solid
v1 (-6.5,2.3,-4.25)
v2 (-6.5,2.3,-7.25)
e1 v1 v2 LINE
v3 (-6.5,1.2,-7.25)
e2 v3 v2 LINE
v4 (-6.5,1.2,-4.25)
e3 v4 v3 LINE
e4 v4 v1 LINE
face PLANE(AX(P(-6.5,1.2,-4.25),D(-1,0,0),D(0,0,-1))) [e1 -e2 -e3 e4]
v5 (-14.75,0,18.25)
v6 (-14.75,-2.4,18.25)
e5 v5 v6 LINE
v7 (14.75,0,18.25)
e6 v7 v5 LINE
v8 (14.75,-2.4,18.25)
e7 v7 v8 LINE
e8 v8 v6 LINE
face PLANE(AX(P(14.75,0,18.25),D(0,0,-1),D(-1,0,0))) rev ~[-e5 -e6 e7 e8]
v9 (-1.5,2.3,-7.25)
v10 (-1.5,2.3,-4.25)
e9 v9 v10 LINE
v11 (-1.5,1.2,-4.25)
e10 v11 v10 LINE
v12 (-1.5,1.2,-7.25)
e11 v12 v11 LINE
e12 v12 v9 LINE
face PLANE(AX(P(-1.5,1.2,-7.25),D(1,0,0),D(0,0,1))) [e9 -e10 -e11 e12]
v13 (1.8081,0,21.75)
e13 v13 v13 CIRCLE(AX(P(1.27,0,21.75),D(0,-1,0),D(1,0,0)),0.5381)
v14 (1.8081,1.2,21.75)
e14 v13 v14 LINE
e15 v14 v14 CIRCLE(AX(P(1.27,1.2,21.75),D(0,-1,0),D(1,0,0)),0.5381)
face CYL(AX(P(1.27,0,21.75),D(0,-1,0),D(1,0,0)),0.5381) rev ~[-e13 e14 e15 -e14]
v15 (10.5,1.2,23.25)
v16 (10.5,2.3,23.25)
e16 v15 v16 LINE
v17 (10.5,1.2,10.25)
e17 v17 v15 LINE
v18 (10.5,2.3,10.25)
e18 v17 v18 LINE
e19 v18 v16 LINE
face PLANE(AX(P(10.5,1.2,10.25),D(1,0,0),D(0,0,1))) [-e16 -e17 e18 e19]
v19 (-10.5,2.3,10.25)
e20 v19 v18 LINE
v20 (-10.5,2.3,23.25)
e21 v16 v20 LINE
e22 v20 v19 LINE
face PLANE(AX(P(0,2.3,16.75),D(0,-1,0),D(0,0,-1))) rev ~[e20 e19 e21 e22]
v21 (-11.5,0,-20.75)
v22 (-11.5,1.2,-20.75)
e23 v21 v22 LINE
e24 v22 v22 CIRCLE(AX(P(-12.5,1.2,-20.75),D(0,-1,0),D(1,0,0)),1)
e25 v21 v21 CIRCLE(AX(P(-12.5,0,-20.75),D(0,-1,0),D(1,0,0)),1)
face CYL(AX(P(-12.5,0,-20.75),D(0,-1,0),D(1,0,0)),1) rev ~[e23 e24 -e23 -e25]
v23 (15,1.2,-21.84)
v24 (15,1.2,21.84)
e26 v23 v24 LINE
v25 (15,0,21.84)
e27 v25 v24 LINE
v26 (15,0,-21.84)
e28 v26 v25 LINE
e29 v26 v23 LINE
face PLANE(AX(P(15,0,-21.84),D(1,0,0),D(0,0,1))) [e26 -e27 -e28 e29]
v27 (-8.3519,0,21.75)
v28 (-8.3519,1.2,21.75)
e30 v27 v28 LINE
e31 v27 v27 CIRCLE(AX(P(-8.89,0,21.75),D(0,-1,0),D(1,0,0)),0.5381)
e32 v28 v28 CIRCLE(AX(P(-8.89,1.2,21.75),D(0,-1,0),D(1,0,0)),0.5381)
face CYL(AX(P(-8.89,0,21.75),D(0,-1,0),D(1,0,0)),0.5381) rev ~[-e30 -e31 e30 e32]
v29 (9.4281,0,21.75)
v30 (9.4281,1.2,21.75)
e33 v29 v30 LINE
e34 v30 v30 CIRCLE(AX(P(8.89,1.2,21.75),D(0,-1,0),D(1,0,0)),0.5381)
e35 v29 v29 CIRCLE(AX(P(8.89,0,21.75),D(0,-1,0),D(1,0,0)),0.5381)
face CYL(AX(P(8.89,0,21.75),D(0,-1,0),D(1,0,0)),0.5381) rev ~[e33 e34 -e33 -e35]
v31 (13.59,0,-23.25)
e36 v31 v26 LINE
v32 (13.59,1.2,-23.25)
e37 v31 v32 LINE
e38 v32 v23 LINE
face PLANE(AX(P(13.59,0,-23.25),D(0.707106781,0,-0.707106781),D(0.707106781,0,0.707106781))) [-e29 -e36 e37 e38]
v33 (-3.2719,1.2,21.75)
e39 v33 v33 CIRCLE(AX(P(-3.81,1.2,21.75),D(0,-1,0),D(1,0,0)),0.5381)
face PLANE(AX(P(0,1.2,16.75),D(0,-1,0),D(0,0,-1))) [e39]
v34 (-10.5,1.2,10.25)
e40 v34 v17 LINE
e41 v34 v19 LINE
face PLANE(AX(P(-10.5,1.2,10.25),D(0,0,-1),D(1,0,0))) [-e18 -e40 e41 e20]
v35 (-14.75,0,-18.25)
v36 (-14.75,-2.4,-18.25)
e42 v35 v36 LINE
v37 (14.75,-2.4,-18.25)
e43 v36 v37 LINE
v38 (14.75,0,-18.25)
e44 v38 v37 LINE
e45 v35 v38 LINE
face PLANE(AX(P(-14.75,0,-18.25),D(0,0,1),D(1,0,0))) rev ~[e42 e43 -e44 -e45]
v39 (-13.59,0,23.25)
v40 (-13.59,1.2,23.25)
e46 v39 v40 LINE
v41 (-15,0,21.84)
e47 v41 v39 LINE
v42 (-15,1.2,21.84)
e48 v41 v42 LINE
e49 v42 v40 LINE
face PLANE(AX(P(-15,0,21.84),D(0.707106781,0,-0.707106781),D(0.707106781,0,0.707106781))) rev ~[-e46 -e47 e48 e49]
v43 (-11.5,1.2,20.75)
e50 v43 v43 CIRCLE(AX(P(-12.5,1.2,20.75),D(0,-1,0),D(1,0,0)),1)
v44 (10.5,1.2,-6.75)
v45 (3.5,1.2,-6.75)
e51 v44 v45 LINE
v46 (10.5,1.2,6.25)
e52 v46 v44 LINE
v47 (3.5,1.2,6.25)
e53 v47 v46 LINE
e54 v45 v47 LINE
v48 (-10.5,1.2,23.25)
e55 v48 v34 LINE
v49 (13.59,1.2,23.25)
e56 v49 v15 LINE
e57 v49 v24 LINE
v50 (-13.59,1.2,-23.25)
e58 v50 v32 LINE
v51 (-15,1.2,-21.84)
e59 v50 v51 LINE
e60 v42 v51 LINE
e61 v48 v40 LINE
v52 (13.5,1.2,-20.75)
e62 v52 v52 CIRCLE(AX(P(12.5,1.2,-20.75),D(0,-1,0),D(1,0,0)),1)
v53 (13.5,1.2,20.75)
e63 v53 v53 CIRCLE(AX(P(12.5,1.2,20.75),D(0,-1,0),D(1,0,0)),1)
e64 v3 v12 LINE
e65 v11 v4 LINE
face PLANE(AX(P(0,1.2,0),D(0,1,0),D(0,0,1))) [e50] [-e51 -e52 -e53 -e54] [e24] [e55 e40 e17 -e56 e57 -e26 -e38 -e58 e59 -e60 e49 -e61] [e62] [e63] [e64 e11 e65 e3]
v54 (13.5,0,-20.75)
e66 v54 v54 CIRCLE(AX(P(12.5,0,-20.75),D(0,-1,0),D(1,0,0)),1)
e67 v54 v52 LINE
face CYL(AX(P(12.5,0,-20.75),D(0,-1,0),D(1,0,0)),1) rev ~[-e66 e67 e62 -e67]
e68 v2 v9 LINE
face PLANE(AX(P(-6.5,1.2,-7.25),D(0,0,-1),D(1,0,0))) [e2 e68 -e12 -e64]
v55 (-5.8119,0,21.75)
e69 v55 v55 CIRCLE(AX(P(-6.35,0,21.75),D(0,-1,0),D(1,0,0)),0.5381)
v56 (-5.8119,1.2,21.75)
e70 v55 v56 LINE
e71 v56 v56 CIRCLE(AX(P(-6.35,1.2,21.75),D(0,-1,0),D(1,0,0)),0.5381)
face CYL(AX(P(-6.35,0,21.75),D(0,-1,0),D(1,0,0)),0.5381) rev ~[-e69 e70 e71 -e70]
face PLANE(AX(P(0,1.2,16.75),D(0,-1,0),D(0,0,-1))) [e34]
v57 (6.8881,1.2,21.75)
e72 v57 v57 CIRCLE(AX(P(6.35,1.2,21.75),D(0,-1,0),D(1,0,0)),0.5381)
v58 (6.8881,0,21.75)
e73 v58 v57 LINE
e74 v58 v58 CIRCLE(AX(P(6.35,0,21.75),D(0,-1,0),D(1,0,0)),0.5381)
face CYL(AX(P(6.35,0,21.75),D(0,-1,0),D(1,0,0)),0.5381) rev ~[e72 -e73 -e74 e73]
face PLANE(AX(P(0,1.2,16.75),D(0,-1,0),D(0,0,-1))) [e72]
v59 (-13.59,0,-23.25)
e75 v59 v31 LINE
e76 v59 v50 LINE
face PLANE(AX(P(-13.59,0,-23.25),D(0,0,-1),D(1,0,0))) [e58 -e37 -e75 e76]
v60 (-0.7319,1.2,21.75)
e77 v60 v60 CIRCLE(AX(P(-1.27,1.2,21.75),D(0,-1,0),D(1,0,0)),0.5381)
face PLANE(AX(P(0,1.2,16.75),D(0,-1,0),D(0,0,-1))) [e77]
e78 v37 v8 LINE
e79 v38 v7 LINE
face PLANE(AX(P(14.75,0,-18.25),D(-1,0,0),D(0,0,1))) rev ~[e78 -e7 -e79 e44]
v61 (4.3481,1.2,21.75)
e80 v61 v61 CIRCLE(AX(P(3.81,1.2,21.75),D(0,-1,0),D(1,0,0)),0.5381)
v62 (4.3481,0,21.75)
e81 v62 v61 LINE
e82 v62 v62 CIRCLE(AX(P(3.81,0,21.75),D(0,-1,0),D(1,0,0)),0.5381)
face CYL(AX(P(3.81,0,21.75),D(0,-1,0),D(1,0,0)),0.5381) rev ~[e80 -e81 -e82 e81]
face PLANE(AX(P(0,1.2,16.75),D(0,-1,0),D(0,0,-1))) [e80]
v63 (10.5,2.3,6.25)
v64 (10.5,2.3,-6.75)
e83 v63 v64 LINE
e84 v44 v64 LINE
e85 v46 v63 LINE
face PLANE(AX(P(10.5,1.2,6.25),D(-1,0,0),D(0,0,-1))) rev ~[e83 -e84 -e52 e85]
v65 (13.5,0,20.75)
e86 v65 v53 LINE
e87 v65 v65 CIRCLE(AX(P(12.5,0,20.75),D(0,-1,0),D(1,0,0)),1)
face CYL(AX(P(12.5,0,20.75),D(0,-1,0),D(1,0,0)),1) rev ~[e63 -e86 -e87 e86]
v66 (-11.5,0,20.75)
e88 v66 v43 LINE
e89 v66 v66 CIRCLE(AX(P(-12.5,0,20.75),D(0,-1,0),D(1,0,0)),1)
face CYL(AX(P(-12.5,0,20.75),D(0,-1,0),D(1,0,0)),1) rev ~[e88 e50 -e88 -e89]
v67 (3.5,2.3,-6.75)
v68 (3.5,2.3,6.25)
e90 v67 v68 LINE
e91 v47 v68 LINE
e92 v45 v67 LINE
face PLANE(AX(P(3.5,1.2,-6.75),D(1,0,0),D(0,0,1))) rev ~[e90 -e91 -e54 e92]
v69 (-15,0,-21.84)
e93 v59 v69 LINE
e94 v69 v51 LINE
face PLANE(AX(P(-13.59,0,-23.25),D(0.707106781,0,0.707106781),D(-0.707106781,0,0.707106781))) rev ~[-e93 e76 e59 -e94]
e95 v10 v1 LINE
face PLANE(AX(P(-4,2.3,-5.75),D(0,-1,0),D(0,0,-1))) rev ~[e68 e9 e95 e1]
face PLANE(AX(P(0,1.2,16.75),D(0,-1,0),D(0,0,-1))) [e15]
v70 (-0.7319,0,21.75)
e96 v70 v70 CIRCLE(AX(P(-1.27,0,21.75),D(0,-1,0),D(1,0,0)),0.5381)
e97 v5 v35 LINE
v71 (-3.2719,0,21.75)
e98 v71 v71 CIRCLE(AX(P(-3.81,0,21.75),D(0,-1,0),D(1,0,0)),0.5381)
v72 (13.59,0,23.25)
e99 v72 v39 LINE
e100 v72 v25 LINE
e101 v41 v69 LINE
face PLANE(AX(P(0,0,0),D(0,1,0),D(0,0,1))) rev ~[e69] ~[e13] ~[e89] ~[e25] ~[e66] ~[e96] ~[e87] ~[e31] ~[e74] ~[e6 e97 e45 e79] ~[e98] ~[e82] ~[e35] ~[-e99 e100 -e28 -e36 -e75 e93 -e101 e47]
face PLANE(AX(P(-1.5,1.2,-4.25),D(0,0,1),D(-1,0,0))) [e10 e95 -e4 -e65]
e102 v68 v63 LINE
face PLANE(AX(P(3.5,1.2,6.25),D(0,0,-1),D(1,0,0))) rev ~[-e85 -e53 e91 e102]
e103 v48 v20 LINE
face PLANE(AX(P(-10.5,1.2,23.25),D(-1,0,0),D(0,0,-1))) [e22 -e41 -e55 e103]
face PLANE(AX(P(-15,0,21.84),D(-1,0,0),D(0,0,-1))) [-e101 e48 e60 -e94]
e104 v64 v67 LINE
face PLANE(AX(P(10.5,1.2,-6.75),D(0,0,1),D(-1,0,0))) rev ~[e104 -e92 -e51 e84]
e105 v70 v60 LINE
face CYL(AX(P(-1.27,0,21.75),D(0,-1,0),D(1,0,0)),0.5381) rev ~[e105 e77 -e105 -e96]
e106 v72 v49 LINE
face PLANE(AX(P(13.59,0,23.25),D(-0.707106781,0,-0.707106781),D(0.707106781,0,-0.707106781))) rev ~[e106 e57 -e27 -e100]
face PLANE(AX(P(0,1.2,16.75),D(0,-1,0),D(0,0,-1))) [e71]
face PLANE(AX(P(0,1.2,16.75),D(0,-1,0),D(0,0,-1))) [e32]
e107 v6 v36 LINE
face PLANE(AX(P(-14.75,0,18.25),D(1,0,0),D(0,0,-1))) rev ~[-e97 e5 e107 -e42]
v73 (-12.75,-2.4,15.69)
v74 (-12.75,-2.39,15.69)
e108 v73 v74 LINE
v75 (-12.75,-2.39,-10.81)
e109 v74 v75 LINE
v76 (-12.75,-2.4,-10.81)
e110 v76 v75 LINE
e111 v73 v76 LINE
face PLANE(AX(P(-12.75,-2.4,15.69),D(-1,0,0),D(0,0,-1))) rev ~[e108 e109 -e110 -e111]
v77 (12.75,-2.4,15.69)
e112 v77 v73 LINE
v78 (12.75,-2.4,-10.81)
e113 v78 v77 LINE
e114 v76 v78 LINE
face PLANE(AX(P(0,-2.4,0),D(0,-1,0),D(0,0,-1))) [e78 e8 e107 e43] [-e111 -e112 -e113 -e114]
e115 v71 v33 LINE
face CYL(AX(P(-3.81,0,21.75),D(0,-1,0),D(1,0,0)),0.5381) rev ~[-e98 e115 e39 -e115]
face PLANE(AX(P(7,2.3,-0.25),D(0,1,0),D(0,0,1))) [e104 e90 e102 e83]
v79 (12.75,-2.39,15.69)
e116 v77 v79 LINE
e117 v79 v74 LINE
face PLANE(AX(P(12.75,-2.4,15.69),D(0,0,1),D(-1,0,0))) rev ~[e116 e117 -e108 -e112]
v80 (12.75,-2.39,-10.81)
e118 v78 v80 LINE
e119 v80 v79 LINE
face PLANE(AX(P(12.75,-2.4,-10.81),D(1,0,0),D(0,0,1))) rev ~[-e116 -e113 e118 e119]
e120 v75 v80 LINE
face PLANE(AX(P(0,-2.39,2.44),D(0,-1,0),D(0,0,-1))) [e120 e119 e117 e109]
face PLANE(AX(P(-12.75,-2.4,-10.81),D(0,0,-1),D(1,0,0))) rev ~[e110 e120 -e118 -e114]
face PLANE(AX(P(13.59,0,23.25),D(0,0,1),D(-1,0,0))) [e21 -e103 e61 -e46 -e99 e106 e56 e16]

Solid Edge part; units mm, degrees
sketch "Sketch1" plane through (0, 0, 0) normal (0, -1, 0) x (1, 0, 0)
  line L0 (-13.59, -23.25) -> (-15, -21.84)
  line L1 (-15, 21.84) -> (-15, -21.84)
  line L2 (-15, 21.84) -> (-13.59, 23.25)
  line L3 (13.59, 23.25) -> (-13.59, 23.25)
  line L4 (13.59, 23.25) -> (15, 21.84)
  line L5 (15, -21.84) -> (15, 21.84)
  line L6 (13.59, -23.25) -> (15, -21.84)
  line L7 (-13.59, -23.25) -> (13.59, -23.25)
extrude "Protrusion1" add sketch "Sketch1" against normal blind 1.2
sketch "Sketch2" plane through (0, 0, 0) normal (0, -1, 0) x (1, 0, 0)
  line L0 (14.75, 18.25) -> (-14.75, 18.25)
  line L1 (-14.75, 18.25) -> (-14.75, -18.25)
  line L2 (-14.75, -18.25) -> (14.75, -18.25)
  line L3 (14.75, -18.25) -> (14.75, 18.25)
extrude "ExtrudedProtrusion_2" add sketch "Sketch2" along normal blind 2.4
sketch "Sketch3" plane through (0, 0, 0) normal (0, -1, 0) x (1, 0, 0)
  circle A0 centre (-12.5, 20.75) radius 1
  circle A1 centre (12.5, 20.75) radius 1
  circle A2 centre (12.5, -20.75) radius 1
  circle A3 centre (-12.5, -20.75) radius 1
  dimension "D1" = 2
  dimension "D2" = 41.5
  dimension "D3" = 25
  dimension "D4" = 2.5
  dimension "D5" = 2.5
extrude "Cutout1" cut sketch "Sketch3" against normal up to next
sketch "Sketch4" plane through (0, -2.4, 0) normal (0, -1, 0) x (1, 0, 0)
  line L0 (12.75, 15.69) -> (-12.75, 15.69)
  line L1 (-12.75, 15.69) -> (-12.75, -10.81)
  line L2 (-12.75, -10.81) -> (12.75, -10.81)
  line L3 (12.75, -10.81) -> (12.75, 15.69)
extrude "ExtrudedCutout_2" cut sketch "Sketch4" against normal blind 0.01
sketch "Sketch5" plane through (0, 0, 0) normal (0, -1, 0) x (1, 0, 0)
  circle A0 centre (-8.89, 21.75) radius 0.5381
  circle A1 centre (-6.35, 21.75) radius 0.5381
  circle A2 centre (-3.81, 21.75) radius 0.5381
  circle A3 centre (-1.27, 21.75) radius 0.5381
  circle A4 centre (1.27, 21.75) radius 0.5381
  circle A5 centre (3.81, 21.75) radius 0.5381
  circle A6 centre (6.35, 21.75) radius 0.5381
  circle A7 centre (8.89, 21.75) radius 0.5381
  dimension "D1" = 2.54
  dimension "D2" = 6.11
  dimension "D3" = 1.5
extrude "Cutout2" cut sketch "Sketch5" against normal through all
sketch "Sketch6" plane through (0, 1.2, 0) normal (0, 1, 0) x (0, 0, 1)
  line L0 (10.25, -10.5) -> (10.25, 10.5)
  line L1 (10.25, 10.5) -> (23.25, 10.5)
  line L2 (23.25, 10.5) -> (23.25, 7.6087)
  line L3 (23.25, 7.6087) -> (23.25, -7.6326)
  line L4 (23.25, -7.6326) -> (23.25, -10.5)
  line L5 (23.25, -10.5) -> (10.25, -10.5)
  line L6 (-6.75, 3.5) -> (6.25, 3.5)
  line L7 (6.25, 3.5) -> (6.25, 10.5)
  line L8 (6.25, 10.5) -> (-6.75, 10.5)
  line L9 (-6.75, 10.5) -> (-6.75, 3.5)
  line L10 (-7.25, -1.5) -> (-4.25, -1.5)
  line L11 (-4.25, -1.5) -> (-4.25, -6.5)
  line L12 (-4.25, -6.5) -> (-7.25, -6.5)
  line L13 (-7.25, -6.5) -> (-7.25, -1.5)
  dimension "D1" = 2
  dimension "D2" = 4
  dimension "D3" = 6
  dimension "D4" = 12
  dimension "D5" = 5
  dimension "D6" = 17
  dimension "D7" = 29
  dimension "D8" = 11
  dimension "D9" = 9
  dimension "D10" = 16.5
  dimension "D11" = 0.5
  dimension "D12" = 0.5
  dimension "D13" = 13
  dimension "D14" = 4.5
  dimension "D15" = 4.5
extrude "ExtrudedProtrusion_6" add sketch "Sketch6" along normal blind 1.1
properties material "Polycarbonate"
